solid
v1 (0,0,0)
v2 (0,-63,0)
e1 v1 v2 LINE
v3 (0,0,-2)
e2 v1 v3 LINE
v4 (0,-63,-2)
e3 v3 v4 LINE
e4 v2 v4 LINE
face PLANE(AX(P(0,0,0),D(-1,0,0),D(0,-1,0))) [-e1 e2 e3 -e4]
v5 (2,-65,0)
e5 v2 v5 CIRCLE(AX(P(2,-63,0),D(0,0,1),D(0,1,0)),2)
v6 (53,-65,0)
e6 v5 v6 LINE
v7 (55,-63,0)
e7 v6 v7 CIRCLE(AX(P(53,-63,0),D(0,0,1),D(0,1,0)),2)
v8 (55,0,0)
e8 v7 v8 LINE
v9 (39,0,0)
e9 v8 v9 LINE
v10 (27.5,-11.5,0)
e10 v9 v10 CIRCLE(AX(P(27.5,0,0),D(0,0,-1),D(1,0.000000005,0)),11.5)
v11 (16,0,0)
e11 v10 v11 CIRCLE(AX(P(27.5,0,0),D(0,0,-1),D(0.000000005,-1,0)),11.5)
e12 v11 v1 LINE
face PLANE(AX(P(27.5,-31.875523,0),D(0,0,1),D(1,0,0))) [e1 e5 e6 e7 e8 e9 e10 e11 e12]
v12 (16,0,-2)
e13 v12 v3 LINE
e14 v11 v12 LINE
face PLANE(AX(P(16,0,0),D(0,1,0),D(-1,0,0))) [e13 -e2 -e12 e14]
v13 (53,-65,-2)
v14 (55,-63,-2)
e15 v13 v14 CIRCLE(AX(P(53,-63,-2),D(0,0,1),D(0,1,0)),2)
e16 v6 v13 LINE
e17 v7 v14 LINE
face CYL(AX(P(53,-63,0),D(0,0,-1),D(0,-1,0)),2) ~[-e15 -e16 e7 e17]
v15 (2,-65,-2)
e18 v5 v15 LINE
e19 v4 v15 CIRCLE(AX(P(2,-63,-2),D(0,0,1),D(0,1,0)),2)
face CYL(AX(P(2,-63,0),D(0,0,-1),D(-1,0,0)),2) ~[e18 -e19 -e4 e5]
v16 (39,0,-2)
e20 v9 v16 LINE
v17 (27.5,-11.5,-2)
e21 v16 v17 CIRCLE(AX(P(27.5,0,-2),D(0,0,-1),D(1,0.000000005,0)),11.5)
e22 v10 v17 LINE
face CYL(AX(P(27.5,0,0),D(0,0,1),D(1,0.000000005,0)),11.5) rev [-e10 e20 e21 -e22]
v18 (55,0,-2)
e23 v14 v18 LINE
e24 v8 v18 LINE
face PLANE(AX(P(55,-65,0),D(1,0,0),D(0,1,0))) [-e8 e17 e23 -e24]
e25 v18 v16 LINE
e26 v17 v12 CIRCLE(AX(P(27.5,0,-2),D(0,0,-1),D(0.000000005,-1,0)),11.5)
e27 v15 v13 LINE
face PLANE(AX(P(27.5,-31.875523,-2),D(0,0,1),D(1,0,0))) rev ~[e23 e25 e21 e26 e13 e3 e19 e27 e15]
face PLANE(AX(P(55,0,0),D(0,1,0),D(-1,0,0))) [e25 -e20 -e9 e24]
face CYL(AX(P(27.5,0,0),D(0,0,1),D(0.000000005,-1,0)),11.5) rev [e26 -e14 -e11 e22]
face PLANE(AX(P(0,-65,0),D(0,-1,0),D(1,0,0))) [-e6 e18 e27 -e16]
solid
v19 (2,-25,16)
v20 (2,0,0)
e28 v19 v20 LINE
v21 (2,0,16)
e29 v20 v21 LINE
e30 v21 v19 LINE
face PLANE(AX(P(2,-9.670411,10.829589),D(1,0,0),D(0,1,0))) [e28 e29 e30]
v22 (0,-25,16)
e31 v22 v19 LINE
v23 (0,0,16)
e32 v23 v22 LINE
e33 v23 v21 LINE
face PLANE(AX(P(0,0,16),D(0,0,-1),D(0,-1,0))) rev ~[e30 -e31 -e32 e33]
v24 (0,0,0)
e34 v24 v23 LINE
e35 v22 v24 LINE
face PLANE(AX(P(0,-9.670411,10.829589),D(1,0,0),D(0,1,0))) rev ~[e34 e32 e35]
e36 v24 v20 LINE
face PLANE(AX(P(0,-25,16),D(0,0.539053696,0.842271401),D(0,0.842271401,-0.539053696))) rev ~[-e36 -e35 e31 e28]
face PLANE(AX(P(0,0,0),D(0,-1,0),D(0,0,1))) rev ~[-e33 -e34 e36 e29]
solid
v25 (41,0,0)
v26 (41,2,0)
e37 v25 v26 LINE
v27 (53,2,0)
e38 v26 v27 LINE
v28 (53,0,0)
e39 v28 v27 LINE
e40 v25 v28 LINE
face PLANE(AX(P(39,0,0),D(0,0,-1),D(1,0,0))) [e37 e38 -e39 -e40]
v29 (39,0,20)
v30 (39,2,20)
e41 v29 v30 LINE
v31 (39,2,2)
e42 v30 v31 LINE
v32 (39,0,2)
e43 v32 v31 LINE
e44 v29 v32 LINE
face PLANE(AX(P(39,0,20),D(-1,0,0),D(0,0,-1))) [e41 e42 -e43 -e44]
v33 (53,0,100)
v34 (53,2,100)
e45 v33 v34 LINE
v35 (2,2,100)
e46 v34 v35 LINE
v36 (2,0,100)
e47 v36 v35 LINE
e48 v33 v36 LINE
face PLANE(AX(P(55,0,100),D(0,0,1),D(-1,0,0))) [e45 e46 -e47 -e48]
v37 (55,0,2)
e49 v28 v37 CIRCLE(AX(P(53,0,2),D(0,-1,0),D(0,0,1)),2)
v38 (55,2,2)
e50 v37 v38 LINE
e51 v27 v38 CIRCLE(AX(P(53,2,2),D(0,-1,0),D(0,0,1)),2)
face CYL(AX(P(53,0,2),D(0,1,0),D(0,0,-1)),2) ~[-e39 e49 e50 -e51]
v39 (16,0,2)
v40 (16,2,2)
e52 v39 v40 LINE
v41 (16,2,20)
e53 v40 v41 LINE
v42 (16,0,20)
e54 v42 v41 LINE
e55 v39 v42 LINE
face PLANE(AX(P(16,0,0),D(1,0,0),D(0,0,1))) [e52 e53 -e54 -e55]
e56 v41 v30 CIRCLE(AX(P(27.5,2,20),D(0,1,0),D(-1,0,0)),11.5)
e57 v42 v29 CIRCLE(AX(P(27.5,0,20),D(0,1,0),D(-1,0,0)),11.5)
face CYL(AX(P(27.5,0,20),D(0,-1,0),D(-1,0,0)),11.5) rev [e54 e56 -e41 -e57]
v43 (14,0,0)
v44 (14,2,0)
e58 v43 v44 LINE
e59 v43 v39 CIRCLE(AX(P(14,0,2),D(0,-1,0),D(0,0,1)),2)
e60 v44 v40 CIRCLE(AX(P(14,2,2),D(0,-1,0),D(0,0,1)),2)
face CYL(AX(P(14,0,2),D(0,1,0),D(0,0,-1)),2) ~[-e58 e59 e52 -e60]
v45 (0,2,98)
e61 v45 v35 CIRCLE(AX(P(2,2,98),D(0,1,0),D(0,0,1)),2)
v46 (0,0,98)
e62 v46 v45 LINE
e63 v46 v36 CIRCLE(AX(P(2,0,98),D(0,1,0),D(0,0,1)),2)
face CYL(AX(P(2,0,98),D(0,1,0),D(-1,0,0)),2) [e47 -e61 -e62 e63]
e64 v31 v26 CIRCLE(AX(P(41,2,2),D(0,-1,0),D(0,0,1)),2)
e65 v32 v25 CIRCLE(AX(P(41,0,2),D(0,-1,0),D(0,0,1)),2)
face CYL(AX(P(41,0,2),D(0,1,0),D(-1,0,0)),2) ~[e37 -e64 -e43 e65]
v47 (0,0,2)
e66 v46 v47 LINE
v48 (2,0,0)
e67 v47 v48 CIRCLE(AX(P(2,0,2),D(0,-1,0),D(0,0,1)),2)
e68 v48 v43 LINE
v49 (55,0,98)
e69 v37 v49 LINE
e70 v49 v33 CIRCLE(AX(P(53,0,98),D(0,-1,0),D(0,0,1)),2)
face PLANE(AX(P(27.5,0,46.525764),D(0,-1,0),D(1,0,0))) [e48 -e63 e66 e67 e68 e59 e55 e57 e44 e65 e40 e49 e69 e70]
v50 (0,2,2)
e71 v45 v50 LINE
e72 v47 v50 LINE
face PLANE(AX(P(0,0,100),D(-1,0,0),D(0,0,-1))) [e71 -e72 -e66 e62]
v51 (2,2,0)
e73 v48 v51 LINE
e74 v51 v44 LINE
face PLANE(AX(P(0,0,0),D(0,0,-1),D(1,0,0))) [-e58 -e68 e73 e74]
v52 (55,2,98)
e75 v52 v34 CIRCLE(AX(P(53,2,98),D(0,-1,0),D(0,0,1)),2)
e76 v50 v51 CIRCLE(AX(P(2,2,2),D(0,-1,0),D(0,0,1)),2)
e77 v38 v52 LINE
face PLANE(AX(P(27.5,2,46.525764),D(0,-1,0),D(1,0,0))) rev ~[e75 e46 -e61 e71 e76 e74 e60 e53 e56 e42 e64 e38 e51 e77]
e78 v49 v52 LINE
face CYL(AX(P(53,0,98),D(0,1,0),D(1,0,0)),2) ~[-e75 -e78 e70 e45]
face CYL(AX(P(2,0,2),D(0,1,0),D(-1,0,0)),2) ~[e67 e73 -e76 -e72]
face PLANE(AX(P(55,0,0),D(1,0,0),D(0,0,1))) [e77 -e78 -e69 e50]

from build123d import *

# Parameters (mm, degrees)
F1_DEPTH = 2
F2_R     = 2
F4_DEPTH = 2
F5_R     = 2
F7_DEPTH = 2


with BuildPart() as f1:
    # F0 (on Front) → F1 (new body)
    with BuildSketch(Plane.XZ):
        with BuildLine():
            Line((0, 100), (0, 0))
            Line((0, 0), (16, 0))
            Line((16, 0), (16, 20))
            ThreePointArc((16, 20), (27.5, 31.5), (39, 20))
            Line((39, 20), (39, 0))
            Line((39, 0), (55, 0))
            Line((55, 0), (55, 100))
            Line((55, 100), (0, 100))
        make_face()
    extrude(amount=-F1_DEPTH)

    # F2
    f2_edges = [f1.edges().sort_by_distance(p)[0] for p in [
        (0, 1, 100),
        (55, 1, 100),
        (55, 1, 0),
        (39, 1, 0),
        (16, 1, 0),
        (0, 1, 0),
    ]]
    fillet(f2_edges, radius=F2_R)


with BuildPart() as f4:
    # F3 (on Top) → F4 (new body)
    with BuildSketch(Plane.XY):
        with BuildLine():
            Line((16, 0), (0, 0))
            Line((0, 0), (0, -65))
            Line((0, -65), (55, -65))
            Line((55, -65), (55, 0))
            Line((55, 0), (39, 0))
            ThreePointArc((39, 0), (35.631728, -8.131728), (27.5, -11.5))
            ThreePointArc((27.5, -11.5), (19.368272, -8.131728), (16, 0))
        make_face()
    extrude(amount=-F4_DEPTH)

    # F5
    f5_edges = [f4.edges().sort_by_distance(p)[0] for p in [
        (0, -65, -1),
        (55, -65, -1),
    ]]
    fillet(f5_edges, radius=F5_R)


with BuildPart() as f7:
    # F6 (on Right) → F7 (new body)
    with BuildSketch(Plane.YZ):
        Polygon((-25, 16), (0, 0), (0, 16), align=None)
    extrude(amount=F7_DEPTH)


solid = Compound([f1.part, f4.part, f7.part])
